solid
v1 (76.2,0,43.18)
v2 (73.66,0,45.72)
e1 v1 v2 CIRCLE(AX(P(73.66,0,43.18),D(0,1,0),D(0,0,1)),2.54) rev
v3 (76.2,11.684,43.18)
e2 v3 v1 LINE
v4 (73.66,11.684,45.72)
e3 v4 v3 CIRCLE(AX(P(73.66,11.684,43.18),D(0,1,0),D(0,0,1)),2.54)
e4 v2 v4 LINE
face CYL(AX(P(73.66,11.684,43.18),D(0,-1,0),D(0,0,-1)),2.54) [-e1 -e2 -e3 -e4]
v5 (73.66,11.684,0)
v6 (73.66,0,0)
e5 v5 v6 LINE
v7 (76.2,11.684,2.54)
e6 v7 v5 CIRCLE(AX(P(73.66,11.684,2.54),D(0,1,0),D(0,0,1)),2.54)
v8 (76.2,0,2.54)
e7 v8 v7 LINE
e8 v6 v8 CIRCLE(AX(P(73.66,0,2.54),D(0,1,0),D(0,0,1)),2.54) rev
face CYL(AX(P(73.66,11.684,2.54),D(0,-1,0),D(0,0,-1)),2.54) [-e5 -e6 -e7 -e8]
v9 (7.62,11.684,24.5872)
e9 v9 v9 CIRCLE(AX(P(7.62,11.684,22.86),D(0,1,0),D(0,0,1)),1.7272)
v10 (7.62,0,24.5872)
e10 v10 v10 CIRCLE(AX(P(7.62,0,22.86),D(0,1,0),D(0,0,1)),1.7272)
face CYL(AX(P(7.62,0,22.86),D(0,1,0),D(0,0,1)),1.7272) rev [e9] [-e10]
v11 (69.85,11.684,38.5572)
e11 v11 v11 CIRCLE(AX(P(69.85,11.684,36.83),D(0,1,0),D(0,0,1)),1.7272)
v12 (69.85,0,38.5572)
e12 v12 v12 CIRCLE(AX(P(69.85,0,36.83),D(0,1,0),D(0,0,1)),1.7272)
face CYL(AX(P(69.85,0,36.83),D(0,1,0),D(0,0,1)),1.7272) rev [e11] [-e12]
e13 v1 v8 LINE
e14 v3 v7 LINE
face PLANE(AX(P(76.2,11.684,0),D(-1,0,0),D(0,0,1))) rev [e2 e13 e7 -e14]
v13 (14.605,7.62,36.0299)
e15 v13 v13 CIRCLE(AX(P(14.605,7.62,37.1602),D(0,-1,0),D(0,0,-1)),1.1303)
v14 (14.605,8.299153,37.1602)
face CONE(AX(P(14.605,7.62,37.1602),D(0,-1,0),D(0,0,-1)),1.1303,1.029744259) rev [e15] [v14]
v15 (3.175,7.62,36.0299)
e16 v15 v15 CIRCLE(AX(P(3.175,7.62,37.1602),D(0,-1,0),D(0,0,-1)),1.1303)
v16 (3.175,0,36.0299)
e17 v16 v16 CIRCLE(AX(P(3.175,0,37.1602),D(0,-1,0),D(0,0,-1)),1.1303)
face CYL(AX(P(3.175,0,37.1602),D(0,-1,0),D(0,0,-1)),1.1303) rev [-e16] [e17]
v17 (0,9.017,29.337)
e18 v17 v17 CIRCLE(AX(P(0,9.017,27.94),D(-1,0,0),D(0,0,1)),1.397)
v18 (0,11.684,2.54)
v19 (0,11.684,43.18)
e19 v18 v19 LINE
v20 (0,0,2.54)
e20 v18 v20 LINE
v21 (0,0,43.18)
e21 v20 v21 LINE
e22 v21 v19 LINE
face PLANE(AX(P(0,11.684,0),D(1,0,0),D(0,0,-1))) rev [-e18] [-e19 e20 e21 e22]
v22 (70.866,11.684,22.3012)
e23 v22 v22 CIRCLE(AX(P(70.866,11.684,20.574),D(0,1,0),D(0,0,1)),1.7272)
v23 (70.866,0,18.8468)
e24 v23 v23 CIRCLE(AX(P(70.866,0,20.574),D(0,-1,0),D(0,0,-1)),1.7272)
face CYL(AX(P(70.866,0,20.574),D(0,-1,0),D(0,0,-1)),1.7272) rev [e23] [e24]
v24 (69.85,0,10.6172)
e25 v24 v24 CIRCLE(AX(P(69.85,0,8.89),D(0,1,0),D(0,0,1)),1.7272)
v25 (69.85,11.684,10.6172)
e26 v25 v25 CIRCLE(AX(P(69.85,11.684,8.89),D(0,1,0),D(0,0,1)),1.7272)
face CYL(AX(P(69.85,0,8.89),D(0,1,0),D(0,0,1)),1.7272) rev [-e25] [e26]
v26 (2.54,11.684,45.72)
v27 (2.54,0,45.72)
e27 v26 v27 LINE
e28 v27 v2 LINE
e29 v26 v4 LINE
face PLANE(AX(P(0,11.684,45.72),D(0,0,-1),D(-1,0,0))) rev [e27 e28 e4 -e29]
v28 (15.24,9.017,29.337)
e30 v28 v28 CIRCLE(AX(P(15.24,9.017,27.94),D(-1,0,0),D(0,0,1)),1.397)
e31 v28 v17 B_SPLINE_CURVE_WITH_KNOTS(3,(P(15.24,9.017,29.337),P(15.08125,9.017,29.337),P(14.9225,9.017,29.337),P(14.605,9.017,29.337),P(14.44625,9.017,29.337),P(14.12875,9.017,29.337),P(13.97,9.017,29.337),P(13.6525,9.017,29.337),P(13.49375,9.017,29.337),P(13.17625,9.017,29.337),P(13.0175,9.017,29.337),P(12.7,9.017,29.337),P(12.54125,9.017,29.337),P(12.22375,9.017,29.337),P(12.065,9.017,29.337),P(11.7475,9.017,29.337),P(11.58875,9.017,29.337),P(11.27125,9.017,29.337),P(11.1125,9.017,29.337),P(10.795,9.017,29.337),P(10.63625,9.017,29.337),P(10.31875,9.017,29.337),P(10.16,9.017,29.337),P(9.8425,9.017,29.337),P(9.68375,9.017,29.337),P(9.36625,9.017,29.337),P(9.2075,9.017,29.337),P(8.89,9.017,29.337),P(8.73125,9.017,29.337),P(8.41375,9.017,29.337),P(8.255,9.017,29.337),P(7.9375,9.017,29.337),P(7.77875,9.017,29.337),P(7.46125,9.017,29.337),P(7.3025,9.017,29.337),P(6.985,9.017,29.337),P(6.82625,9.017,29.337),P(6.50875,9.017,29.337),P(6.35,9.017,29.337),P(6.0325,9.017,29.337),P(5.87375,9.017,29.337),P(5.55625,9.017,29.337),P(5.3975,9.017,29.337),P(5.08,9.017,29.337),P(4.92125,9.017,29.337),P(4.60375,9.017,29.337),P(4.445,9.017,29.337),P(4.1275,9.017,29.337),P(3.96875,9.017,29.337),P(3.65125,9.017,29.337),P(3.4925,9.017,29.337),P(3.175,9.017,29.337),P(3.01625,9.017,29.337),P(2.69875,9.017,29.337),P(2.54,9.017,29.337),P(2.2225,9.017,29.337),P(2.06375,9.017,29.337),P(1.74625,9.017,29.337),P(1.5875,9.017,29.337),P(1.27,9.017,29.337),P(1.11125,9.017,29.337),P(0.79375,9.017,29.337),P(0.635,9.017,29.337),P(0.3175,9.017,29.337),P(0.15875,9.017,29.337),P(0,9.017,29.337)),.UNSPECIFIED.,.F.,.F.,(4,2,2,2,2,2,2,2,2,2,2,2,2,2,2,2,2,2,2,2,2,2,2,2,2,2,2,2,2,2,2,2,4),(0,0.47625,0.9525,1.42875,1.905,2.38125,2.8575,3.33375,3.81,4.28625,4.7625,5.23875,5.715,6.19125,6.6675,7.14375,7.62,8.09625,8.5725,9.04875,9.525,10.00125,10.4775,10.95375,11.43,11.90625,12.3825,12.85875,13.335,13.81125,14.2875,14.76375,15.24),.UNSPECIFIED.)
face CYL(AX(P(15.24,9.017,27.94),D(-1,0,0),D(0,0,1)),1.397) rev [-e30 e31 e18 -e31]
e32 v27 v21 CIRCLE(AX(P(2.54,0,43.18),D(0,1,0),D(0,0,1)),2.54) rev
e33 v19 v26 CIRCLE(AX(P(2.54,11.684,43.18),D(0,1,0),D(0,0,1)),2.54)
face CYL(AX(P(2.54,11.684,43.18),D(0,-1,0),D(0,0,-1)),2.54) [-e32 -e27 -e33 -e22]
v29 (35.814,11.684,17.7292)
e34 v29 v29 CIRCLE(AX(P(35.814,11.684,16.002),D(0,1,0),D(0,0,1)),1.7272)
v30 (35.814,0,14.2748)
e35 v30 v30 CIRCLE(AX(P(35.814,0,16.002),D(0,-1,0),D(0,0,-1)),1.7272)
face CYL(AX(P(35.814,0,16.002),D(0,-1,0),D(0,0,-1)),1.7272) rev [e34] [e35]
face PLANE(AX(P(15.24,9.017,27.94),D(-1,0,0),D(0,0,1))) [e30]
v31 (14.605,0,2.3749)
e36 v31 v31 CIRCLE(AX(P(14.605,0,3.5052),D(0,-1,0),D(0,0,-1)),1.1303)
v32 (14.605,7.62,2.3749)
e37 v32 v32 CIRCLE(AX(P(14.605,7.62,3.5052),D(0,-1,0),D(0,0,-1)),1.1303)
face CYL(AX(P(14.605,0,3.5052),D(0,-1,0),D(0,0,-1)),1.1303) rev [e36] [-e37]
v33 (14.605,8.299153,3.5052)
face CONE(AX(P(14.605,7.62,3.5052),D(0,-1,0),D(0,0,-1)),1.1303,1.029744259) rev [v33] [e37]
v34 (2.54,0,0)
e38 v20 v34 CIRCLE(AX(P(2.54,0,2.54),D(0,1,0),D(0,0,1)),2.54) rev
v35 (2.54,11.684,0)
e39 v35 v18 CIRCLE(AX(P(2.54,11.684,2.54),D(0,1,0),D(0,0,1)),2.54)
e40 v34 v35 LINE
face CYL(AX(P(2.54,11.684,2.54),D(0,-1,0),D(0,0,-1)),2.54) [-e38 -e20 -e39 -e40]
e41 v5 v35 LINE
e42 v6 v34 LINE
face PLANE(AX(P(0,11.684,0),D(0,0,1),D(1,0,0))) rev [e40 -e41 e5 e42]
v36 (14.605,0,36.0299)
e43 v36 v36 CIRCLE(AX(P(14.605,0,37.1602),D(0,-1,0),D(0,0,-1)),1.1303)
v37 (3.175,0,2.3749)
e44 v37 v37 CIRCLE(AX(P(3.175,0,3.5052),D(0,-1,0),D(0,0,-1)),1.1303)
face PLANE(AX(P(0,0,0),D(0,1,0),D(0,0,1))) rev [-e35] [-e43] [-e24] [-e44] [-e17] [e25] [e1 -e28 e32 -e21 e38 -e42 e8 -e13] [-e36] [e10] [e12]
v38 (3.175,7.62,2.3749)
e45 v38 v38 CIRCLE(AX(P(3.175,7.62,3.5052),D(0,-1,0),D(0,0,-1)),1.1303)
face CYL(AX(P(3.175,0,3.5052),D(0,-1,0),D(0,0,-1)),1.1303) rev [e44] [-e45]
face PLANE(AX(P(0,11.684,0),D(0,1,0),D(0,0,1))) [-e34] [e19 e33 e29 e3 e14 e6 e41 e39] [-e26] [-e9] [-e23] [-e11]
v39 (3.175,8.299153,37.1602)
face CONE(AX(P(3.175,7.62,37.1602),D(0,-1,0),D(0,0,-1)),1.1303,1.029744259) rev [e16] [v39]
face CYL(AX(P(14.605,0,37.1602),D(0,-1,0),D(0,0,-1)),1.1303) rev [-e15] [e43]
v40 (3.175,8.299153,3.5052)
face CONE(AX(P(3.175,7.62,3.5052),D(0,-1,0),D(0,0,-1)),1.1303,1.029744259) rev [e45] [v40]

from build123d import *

# Parameters (mm, degrees)
SKETCH2_W                 = 76.2
SKETCH2_H                 = 45.72
BOSS_EXTRUDE3_DEPTH       = 11.684
SKETCH6_R                 = 1.7272
CUT_EXTRUDE2_DEPTH        = 90.628534831
SKETCH7_R                 = 1.7272
CUT_EXTRUDE3_DEPTH        = 90.628534831
SKETCH8_R                 = 1.7272
CUT_EXTRUDE4_DEPTH        = 90.628534831
SKETCH9_R                 = 1.397
CUT_EXTRUDE5_DEPTH        = 15.24
F_4_40_TAPPED_HOLE1_D     = 2.2606
F_4_40_TAPPED_HOLE1_DEPTH = 7.62
F_4_40_TAPPED_HOLE1_TIP   = 0.679152758
F_8_32_TAPPED_HOLE1_D     = 3.4544
F_8_32_TAPPED_HOLE1_DEPTH = 12.446
F_8_32_TAPPED_HOLE1_TIP   = 1.037806461
F_8_32_TAPPED_HOLE2_D     = 3.4544
F_8_32_TAPPED_HOLE2_DEPTH = 12.446
F_8_32_TAPPED_HOLE2_TIP   = 1.037806461
FILLET1_R                 = 2.54


with BuildPart() as part:
    # Sketch2 → Boss-Extrude3 (new body)
    with BuildSketch(Plane(origin=(0, 0, 0), x_dir=(1, 0, 0), z_dir=(0, 1, 0))):
        with Locations((38.1, -22.86)):
            Rectangle(SKETCH2_W, SKETCH2_H)
    extrude(amount=BOSS_EXTRUDE3_DEPTH)

    # Sketch6 → Cut-Extrude2 (cut, through all)
    with BuildSketch(Plane(origin=(0, 11.684, 0), x_dir=(1, 0, 0), z_dir=(0, 1, 0))):
        with Locations(Location((7.62, -22.86, 0), (0, 0, 270))):
            Circle(SKETCH6_R)
    extrude(amount=-CUT_EXTRUDE2_DEPTH, mode=Mode.SUBTRACT)

    # Sketch7 → Cut-Extrude3 (cut, through all)
    with BuildSketch(Plane(origin=(0, 11.684, 0), x_dir=(1, 0, 0), z_dir=(0, 1, 0))):
        with Locations(Location((69.85, -8.89, 0), (0, 0, 270))):
            Circle(SKETCH7_R)
    extrude(amount=-CUT_EXTRUDE3_DEPTH, mode=Mode.SUBTRACT)

    # Sketch8 → Cut-Extrude4 (cut, through all)
    with BuildSketch(Plane(origin=(0, 11.684, 0), x_dir=(1, 0, 0), z_dir=(0, 1, 0))):
        with Locations(Location((69.85, -36.83, 0), (0, 0, 270))):
            Circle(SKETCH8_R)
    extrude(amount=-CUT_EXTRUDE4_DEPTH, mode=Mode.SUBTRACT)

    # Sketch9 → Cut-Extrude5 (cut)
    with BuildSketch(Plane.ZY):
        with Locations((27.94, 9.017)):
            Circle(SKETCH9_R)
    extrude(amount=-CUT_EXTRUDE5_DEPTH, mode=Mode.SUBTRACT)

    # #4-40 Tapped Hole1
    with Locations(Plane(origin=(0, 0, 0), x_dir=(-1, 0, 0), z_dir=(0, -1, 0))):
        with Locations((-3.175, -3.5052), (-3.175, -37.1602), (-14.605, -3.5052), (-14.605, -37.1602)):
            Hole(F_4_40_TAPPED_HOLE1_D / 2, depth=F_4_40_TAPPED_HOLE1_DEPTH)
            with Locations((0, 0, -(F_4_40_TAPPED_HOLE1_DEPTH + F_4_40_TAPPED_HOLE1_TIP / 2))):  # 118° drill point
                Cone(0, F_4_40_TAPPED_HOLE1_D / 2, F_4_40_TAPPED_HOLE1_TIP, mode=Mode.SUBTRACT)

    # #8-32 Tapped Hole1
    with Locations(Plane(origin=(70.866, 0, 20.574), x_dir=(0, 0, -1), z_dir=(0, -1, 0))):
        with Locations((0, 0)):
            Hole(F_8_32_TAPPED_HOLE1_D / 2, depth=F_8_32_TAPPED_HOLE1_DEPTH)
            with Locations((0, 0, -(F_8_32_TAPPED_HOLE1_DEPTH + F_8_32_TAPPED_HOLE1_TIP / 2))):  # 118° drill point
                Cone(0, F_8_32_TAPPED_HOLE1_D / 2, F_8_32_TAPPED_HOLE1_TIP, mode=Mode.SUBTRACT)

    # #8-32 Tapped Hole2
    with Locations(Plane(origin=(35.814, 0, 16.002), x_dir=(0, 0, -1), z_dir=(0, -1, 0))):
        with Locations((0, 0)):
            Hole(F_8_32_TAPPED_HOLE2_D / 2, depth=F_8_32_TAPPED_HOLE2_DEPTH)
            with Locations((0, 0, -(F_8_32_TAPPED_HOLE2_DEPTH + F_8_32_TAPPED_HOLE2_TIP / 2))):  # 118° drill point
                Cone(0, F_8_32_TAPPED_HOLE2_D / 2, F_8_32_TAPPED_HOLE2_TIP, mode=Mode.SUBTRACT)

    # Fillet1
    fillet1_edges = [part.edges().sort_by_distance(p)[0] for p in [
        (0, 5.842, 0),
        (76.2, 5.842, 0),
        (76.2, 5.842, 45.72),
        (0, 5.842, 45.72),
    ]]
    fillet(fillet1_edges, radius=FILLET1_R)


solid = part.part
